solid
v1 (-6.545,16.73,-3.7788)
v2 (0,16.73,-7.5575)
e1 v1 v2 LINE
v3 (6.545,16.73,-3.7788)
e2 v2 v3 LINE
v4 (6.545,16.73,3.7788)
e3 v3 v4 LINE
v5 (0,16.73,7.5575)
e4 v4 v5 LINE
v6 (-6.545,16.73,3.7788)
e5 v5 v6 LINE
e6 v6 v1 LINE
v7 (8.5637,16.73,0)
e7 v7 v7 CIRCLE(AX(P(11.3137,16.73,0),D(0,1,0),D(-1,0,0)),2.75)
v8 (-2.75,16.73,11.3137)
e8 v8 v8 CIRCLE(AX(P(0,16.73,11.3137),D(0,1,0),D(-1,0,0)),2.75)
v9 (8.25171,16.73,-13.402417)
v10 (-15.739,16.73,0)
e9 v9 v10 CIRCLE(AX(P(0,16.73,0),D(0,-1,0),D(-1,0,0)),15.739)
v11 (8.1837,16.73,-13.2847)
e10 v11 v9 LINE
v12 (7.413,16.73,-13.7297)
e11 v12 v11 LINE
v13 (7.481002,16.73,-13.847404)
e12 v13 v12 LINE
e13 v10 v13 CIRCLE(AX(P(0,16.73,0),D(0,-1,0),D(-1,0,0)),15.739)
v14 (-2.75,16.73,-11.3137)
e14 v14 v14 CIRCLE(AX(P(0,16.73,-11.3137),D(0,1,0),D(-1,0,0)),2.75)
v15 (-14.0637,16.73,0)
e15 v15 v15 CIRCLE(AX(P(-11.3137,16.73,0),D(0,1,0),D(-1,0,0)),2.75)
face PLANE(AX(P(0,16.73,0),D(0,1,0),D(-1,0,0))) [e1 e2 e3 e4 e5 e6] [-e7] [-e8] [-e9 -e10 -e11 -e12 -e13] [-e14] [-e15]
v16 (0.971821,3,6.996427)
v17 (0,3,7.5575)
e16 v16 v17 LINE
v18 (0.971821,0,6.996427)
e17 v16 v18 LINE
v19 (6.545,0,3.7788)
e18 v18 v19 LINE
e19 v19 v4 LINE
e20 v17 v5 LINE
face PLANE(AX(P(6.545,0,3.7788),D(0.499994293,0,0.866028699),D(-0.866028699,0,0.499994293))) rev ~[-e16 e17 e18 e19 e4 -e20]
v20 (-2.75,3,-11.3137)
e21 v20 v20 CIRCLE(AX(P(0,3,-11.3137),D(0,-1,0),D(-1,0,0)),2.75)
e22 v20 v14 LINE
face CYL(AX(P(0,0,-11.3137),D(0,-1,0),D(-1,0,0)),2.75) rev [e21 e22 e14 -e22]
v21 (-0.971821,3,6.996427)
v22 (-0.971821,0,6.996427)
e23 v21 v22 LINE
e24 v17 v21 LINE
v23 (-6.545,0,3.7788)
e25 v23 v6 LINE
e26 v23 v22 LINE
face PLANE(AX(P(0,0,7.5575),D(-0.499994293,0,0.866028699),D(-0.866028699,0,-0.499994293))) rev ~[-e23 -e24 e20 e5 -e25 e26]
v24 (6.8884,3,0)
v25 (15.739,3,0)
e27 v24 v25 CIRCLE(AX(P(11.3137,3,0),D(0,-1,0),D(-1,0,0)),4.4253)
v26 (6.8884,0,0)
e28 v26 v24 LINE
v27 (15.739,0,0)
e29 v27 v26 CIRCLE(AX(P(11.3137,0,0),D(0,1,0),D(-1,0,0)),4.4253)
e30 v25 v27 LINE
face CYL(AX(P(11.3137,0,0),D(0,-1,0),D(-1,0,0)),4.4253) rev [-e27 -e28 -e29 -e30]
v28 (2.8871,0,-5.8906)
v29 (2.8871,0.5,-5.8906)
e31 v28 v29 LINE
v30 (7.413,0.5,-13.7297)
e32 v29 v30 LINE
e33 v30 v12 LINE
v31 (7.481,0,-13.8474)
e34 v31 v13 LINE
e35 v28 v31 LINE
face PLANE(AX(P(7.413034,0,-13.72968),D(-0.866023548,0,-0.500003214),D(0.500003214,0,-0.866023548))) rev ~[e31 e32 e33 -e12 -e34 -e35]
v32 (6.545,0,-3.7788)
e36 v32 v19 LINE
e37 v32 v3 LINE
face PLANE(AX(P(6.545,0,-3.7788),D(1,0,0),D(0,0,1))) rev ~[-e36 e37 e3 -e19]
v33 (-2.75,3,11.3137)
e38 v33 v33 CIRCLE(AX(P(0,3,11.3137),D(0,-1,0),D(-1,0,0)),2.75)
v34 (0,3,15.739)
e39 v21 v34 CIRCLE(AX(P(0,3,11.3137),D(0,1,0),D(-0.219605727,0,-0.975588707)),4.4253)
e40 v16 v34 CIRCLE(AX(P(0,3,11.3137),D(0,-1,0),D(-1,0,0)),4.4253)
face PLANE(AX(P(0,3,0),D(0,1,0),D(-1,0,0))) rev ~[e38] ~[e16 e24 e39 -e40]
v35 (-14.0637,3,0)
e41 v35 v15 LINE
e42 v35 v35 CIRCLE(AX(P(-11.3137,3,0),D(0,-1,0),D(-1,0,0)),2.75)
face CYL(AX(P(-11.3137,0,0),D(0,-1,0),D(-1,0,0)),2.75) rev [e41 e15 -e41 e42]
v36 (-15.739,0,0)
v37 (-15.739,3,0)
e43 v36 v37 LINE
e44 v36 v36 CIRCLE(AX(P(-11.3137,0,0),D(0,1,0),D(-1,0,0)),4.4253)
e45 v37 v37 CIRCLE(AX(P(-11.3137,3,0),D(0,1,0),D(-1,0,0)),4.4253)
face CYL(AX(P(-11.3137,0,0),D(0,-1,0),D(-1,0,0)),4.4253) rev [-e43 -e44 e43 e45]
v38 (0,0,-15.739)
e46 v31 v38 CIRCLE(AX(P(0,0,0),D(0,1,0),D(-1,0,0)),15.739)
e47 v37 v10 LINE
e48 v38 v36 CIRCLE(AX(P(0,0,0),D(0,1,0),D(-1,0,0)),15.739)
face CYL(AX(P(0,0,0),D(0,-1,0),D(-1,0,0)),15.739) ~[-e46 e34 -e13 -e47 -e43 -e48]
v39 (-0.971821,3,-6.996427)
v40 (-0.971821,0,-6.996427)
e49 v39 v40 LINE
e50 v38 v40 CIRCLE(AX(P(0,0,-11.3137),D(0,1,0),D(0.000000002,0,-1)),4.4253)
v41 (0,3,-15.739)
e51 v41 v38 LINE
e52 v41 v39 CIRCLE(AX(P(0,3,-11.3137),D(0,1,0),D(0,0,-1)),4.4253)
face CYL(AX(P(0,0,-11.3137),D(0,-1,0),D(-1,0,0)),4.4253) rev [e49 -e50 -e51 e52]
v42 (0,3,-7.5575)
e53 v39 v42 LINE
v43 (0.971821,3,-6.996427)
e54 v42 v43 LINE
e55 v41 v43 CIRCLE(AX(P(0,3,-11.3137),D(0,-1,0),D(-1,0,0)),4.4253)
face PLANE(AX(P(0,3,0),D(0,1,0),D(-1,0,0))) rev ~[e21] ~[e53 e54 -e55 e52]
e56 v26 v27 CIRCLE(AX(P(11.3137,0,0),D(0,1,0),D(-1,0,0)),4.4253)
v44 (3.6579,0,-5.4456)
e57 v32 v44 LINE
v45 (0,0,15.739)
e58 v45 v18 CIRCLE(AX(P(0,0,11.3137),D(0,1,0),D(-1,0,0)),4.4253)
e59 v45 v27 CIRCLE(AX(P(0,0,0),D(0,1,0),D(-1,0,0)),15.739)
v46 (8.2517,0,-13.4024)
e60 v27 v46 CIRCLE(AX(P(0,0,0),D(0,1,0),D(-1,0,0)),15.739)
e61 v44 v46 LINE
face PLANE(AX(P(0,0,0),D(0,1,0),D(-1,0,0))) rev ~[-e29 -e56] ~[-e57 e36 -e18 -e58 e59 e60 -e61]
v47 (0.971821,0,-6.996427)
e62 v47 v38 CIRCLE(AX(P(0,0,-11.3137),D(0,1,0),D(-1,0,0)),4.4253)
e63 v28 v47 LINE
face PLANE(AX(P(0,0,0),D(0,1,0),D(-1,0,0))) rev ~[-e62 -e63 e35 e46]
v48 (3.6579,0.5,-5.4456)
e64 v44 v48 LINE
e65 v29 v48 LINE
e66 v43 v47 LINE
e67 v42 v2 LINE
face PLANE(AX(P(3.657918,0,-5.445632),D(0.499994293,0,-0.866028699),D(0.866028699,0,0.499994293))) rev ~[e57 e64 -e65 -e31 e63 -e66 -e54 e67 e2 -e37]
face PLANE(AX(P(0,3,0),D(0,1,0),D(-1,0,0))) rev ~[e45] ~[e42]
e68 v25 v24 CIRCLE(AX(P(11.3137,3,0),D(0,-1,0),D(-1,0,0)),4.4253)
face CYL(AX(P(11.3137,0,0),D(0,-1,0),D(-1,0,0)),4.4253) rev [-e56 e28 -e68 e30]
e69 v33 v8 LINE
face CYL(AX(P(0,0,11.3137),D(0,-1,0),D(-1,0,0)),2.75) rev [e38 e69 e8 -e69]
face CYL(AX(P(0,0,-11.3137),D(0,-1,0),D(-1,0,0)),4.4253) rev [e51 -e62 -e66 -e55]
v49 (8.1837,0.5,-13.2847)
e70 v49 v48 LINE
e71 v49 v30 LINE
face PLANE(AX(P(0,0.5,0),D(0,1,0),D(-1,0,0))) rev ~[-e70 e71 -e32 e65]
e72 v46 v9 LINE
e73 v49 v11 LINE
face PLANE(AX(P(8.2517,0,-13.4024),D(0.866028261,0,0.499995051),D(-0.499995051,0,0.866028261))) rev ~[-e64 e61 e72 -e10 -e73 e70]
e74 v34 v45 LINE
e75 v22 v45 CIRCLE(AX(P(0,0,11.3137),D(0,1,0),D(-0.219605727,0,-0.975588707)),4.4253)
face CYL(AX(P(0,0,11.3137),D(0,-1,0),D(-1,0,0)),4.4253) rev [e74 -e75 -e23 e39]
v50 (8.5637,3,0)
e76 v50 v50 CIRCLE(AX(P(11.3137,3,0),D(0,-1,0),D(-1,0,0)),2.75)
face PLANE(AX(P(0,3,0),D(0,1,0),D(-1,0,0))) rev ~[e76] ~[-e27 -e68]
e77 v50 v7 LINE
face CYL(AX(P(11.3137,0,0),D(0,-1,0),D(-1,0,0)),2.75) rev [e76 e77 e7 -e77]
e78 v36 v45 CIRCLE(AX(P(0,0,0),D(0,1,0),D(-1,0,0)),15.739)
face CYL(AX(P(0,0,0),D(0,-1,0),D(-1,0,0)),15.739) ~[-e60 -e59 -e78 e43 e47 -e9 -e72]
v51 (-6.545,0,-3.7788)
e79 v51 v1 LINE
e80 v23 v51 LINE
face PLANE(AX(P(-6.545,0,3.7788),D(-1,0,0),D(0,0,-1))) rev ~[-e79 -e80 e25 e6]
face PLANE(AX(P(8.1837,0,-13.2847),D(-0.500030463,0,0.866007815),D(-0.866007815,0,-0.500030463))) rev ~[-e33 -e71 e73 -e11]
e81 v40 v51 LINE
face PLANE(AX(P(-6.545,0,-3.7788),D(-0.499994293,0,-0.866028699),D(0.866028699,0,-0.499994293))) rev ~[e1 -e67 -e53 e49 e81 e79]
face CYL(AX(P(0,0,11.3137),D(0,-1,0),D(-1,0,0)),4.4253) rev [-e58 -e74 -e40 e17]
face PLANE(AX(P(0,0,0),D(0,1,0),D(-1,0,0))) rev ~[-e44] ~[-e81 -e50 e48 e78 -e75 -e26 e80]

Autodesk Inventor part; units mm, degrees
ref_plane "YZ Plane" through (0, 0, 0) normal (1, 0, 0) x (0, 1, 0)
ref_plane "XZ Plane" through (0, 0, 0) normal (0, 1, 0) x (-1, 0, 0)
ref_plane "XY Plane" through (0, 0, 0) normal (0, 0, 1) x (1, 0, 0)
sketch "Sketch1" plane through (0, 0, 0) normal (0, 1, 0) x (-1, 0, 0)
  circle A0 centre (11.3137, 0) radius 2.75
  circle A1 centre (0, 0) radius 15.739
  line L0 (0, -7.5575) -> (-6.545, -3.7788)
  line L1 (-6.545, -3.7788) -> (-6.545, 3.7788)
  line L2 (-6.545, 3.7788) -> (0, 7.5575)
  line L3 (0, 7.5575) -> (6.545, 3.7788)
  line L4 (6.545, 3.7788) -> (6.545, -3.7788)
  line L5 (6.545, -3.7788) -> (0, -7.5575)
  circle A2 centre (0, 11.3137) radius 2.75
  circle A3 centre (-11.3137, 0) radius 2.75
  circle A4 centre (0, -11.3137) radius 2.75
  circle A5 centre (0, 0) radius 3.4
  circle A6 centre (0, -11.3137) radius 4.4253
  circle A7 centre (11.3137, 0) radius 4.4253
  circle A8 centre (0, 11.3137) radius 4.4253
  circle A9 centre (-11.3137, 0) radius 4.4253
  line L6 (-2.8871, -5.8906) -> (-7.481, -13.8474)
  line L7 (-8.2517, -13.4024) -> (-3.6579, -5.4456)
  line L8 (-8.1837, -13.2847) -> (-7.413, -13.7297)
  point P0 (0, 0)
  dimension "d0" = 31.478
  dimension "d3" = 13.09
  dimension "d4" = 5.5
  dimension "d7" = 360
  dimension "d11" = 6.8
  dimension "d14" = 360
extrude "Extrusion1" add sketch "Sketch1" along normal blind 16.73 contours L7 L8 L6 A1 | A9 | A1 A8 L2 L1 L0 L7 | L6 L0 A6 A1 | L7 L0 L6 L8 | A7 | A6 L5 L4 L3 A8 A1 | A6 L0 L5 | A8 L3 L2 picked at (-1.3101, -7.6989) picked at (-1.3101, 7.6989)
extrude "Extrusion3" cut sketch "Sketch1" along normal blind 3 contours A0 | A9 | A7 | A6 L0 L5 | A8 L3 L2 | A6 L5 L0 | L2 L3 A8 | A2 | A3 | A4
extrude "Extrusion4" cut sketch "Sketch1" along normal blind 0.5 contours L7 L0 L6 L8
extrude "Extrusion5" cut sketch "Sketch1" along normal through all contours L7 L8 L6 A1
properties part number "GoBilda Mech Hub 0500 HexV2"
